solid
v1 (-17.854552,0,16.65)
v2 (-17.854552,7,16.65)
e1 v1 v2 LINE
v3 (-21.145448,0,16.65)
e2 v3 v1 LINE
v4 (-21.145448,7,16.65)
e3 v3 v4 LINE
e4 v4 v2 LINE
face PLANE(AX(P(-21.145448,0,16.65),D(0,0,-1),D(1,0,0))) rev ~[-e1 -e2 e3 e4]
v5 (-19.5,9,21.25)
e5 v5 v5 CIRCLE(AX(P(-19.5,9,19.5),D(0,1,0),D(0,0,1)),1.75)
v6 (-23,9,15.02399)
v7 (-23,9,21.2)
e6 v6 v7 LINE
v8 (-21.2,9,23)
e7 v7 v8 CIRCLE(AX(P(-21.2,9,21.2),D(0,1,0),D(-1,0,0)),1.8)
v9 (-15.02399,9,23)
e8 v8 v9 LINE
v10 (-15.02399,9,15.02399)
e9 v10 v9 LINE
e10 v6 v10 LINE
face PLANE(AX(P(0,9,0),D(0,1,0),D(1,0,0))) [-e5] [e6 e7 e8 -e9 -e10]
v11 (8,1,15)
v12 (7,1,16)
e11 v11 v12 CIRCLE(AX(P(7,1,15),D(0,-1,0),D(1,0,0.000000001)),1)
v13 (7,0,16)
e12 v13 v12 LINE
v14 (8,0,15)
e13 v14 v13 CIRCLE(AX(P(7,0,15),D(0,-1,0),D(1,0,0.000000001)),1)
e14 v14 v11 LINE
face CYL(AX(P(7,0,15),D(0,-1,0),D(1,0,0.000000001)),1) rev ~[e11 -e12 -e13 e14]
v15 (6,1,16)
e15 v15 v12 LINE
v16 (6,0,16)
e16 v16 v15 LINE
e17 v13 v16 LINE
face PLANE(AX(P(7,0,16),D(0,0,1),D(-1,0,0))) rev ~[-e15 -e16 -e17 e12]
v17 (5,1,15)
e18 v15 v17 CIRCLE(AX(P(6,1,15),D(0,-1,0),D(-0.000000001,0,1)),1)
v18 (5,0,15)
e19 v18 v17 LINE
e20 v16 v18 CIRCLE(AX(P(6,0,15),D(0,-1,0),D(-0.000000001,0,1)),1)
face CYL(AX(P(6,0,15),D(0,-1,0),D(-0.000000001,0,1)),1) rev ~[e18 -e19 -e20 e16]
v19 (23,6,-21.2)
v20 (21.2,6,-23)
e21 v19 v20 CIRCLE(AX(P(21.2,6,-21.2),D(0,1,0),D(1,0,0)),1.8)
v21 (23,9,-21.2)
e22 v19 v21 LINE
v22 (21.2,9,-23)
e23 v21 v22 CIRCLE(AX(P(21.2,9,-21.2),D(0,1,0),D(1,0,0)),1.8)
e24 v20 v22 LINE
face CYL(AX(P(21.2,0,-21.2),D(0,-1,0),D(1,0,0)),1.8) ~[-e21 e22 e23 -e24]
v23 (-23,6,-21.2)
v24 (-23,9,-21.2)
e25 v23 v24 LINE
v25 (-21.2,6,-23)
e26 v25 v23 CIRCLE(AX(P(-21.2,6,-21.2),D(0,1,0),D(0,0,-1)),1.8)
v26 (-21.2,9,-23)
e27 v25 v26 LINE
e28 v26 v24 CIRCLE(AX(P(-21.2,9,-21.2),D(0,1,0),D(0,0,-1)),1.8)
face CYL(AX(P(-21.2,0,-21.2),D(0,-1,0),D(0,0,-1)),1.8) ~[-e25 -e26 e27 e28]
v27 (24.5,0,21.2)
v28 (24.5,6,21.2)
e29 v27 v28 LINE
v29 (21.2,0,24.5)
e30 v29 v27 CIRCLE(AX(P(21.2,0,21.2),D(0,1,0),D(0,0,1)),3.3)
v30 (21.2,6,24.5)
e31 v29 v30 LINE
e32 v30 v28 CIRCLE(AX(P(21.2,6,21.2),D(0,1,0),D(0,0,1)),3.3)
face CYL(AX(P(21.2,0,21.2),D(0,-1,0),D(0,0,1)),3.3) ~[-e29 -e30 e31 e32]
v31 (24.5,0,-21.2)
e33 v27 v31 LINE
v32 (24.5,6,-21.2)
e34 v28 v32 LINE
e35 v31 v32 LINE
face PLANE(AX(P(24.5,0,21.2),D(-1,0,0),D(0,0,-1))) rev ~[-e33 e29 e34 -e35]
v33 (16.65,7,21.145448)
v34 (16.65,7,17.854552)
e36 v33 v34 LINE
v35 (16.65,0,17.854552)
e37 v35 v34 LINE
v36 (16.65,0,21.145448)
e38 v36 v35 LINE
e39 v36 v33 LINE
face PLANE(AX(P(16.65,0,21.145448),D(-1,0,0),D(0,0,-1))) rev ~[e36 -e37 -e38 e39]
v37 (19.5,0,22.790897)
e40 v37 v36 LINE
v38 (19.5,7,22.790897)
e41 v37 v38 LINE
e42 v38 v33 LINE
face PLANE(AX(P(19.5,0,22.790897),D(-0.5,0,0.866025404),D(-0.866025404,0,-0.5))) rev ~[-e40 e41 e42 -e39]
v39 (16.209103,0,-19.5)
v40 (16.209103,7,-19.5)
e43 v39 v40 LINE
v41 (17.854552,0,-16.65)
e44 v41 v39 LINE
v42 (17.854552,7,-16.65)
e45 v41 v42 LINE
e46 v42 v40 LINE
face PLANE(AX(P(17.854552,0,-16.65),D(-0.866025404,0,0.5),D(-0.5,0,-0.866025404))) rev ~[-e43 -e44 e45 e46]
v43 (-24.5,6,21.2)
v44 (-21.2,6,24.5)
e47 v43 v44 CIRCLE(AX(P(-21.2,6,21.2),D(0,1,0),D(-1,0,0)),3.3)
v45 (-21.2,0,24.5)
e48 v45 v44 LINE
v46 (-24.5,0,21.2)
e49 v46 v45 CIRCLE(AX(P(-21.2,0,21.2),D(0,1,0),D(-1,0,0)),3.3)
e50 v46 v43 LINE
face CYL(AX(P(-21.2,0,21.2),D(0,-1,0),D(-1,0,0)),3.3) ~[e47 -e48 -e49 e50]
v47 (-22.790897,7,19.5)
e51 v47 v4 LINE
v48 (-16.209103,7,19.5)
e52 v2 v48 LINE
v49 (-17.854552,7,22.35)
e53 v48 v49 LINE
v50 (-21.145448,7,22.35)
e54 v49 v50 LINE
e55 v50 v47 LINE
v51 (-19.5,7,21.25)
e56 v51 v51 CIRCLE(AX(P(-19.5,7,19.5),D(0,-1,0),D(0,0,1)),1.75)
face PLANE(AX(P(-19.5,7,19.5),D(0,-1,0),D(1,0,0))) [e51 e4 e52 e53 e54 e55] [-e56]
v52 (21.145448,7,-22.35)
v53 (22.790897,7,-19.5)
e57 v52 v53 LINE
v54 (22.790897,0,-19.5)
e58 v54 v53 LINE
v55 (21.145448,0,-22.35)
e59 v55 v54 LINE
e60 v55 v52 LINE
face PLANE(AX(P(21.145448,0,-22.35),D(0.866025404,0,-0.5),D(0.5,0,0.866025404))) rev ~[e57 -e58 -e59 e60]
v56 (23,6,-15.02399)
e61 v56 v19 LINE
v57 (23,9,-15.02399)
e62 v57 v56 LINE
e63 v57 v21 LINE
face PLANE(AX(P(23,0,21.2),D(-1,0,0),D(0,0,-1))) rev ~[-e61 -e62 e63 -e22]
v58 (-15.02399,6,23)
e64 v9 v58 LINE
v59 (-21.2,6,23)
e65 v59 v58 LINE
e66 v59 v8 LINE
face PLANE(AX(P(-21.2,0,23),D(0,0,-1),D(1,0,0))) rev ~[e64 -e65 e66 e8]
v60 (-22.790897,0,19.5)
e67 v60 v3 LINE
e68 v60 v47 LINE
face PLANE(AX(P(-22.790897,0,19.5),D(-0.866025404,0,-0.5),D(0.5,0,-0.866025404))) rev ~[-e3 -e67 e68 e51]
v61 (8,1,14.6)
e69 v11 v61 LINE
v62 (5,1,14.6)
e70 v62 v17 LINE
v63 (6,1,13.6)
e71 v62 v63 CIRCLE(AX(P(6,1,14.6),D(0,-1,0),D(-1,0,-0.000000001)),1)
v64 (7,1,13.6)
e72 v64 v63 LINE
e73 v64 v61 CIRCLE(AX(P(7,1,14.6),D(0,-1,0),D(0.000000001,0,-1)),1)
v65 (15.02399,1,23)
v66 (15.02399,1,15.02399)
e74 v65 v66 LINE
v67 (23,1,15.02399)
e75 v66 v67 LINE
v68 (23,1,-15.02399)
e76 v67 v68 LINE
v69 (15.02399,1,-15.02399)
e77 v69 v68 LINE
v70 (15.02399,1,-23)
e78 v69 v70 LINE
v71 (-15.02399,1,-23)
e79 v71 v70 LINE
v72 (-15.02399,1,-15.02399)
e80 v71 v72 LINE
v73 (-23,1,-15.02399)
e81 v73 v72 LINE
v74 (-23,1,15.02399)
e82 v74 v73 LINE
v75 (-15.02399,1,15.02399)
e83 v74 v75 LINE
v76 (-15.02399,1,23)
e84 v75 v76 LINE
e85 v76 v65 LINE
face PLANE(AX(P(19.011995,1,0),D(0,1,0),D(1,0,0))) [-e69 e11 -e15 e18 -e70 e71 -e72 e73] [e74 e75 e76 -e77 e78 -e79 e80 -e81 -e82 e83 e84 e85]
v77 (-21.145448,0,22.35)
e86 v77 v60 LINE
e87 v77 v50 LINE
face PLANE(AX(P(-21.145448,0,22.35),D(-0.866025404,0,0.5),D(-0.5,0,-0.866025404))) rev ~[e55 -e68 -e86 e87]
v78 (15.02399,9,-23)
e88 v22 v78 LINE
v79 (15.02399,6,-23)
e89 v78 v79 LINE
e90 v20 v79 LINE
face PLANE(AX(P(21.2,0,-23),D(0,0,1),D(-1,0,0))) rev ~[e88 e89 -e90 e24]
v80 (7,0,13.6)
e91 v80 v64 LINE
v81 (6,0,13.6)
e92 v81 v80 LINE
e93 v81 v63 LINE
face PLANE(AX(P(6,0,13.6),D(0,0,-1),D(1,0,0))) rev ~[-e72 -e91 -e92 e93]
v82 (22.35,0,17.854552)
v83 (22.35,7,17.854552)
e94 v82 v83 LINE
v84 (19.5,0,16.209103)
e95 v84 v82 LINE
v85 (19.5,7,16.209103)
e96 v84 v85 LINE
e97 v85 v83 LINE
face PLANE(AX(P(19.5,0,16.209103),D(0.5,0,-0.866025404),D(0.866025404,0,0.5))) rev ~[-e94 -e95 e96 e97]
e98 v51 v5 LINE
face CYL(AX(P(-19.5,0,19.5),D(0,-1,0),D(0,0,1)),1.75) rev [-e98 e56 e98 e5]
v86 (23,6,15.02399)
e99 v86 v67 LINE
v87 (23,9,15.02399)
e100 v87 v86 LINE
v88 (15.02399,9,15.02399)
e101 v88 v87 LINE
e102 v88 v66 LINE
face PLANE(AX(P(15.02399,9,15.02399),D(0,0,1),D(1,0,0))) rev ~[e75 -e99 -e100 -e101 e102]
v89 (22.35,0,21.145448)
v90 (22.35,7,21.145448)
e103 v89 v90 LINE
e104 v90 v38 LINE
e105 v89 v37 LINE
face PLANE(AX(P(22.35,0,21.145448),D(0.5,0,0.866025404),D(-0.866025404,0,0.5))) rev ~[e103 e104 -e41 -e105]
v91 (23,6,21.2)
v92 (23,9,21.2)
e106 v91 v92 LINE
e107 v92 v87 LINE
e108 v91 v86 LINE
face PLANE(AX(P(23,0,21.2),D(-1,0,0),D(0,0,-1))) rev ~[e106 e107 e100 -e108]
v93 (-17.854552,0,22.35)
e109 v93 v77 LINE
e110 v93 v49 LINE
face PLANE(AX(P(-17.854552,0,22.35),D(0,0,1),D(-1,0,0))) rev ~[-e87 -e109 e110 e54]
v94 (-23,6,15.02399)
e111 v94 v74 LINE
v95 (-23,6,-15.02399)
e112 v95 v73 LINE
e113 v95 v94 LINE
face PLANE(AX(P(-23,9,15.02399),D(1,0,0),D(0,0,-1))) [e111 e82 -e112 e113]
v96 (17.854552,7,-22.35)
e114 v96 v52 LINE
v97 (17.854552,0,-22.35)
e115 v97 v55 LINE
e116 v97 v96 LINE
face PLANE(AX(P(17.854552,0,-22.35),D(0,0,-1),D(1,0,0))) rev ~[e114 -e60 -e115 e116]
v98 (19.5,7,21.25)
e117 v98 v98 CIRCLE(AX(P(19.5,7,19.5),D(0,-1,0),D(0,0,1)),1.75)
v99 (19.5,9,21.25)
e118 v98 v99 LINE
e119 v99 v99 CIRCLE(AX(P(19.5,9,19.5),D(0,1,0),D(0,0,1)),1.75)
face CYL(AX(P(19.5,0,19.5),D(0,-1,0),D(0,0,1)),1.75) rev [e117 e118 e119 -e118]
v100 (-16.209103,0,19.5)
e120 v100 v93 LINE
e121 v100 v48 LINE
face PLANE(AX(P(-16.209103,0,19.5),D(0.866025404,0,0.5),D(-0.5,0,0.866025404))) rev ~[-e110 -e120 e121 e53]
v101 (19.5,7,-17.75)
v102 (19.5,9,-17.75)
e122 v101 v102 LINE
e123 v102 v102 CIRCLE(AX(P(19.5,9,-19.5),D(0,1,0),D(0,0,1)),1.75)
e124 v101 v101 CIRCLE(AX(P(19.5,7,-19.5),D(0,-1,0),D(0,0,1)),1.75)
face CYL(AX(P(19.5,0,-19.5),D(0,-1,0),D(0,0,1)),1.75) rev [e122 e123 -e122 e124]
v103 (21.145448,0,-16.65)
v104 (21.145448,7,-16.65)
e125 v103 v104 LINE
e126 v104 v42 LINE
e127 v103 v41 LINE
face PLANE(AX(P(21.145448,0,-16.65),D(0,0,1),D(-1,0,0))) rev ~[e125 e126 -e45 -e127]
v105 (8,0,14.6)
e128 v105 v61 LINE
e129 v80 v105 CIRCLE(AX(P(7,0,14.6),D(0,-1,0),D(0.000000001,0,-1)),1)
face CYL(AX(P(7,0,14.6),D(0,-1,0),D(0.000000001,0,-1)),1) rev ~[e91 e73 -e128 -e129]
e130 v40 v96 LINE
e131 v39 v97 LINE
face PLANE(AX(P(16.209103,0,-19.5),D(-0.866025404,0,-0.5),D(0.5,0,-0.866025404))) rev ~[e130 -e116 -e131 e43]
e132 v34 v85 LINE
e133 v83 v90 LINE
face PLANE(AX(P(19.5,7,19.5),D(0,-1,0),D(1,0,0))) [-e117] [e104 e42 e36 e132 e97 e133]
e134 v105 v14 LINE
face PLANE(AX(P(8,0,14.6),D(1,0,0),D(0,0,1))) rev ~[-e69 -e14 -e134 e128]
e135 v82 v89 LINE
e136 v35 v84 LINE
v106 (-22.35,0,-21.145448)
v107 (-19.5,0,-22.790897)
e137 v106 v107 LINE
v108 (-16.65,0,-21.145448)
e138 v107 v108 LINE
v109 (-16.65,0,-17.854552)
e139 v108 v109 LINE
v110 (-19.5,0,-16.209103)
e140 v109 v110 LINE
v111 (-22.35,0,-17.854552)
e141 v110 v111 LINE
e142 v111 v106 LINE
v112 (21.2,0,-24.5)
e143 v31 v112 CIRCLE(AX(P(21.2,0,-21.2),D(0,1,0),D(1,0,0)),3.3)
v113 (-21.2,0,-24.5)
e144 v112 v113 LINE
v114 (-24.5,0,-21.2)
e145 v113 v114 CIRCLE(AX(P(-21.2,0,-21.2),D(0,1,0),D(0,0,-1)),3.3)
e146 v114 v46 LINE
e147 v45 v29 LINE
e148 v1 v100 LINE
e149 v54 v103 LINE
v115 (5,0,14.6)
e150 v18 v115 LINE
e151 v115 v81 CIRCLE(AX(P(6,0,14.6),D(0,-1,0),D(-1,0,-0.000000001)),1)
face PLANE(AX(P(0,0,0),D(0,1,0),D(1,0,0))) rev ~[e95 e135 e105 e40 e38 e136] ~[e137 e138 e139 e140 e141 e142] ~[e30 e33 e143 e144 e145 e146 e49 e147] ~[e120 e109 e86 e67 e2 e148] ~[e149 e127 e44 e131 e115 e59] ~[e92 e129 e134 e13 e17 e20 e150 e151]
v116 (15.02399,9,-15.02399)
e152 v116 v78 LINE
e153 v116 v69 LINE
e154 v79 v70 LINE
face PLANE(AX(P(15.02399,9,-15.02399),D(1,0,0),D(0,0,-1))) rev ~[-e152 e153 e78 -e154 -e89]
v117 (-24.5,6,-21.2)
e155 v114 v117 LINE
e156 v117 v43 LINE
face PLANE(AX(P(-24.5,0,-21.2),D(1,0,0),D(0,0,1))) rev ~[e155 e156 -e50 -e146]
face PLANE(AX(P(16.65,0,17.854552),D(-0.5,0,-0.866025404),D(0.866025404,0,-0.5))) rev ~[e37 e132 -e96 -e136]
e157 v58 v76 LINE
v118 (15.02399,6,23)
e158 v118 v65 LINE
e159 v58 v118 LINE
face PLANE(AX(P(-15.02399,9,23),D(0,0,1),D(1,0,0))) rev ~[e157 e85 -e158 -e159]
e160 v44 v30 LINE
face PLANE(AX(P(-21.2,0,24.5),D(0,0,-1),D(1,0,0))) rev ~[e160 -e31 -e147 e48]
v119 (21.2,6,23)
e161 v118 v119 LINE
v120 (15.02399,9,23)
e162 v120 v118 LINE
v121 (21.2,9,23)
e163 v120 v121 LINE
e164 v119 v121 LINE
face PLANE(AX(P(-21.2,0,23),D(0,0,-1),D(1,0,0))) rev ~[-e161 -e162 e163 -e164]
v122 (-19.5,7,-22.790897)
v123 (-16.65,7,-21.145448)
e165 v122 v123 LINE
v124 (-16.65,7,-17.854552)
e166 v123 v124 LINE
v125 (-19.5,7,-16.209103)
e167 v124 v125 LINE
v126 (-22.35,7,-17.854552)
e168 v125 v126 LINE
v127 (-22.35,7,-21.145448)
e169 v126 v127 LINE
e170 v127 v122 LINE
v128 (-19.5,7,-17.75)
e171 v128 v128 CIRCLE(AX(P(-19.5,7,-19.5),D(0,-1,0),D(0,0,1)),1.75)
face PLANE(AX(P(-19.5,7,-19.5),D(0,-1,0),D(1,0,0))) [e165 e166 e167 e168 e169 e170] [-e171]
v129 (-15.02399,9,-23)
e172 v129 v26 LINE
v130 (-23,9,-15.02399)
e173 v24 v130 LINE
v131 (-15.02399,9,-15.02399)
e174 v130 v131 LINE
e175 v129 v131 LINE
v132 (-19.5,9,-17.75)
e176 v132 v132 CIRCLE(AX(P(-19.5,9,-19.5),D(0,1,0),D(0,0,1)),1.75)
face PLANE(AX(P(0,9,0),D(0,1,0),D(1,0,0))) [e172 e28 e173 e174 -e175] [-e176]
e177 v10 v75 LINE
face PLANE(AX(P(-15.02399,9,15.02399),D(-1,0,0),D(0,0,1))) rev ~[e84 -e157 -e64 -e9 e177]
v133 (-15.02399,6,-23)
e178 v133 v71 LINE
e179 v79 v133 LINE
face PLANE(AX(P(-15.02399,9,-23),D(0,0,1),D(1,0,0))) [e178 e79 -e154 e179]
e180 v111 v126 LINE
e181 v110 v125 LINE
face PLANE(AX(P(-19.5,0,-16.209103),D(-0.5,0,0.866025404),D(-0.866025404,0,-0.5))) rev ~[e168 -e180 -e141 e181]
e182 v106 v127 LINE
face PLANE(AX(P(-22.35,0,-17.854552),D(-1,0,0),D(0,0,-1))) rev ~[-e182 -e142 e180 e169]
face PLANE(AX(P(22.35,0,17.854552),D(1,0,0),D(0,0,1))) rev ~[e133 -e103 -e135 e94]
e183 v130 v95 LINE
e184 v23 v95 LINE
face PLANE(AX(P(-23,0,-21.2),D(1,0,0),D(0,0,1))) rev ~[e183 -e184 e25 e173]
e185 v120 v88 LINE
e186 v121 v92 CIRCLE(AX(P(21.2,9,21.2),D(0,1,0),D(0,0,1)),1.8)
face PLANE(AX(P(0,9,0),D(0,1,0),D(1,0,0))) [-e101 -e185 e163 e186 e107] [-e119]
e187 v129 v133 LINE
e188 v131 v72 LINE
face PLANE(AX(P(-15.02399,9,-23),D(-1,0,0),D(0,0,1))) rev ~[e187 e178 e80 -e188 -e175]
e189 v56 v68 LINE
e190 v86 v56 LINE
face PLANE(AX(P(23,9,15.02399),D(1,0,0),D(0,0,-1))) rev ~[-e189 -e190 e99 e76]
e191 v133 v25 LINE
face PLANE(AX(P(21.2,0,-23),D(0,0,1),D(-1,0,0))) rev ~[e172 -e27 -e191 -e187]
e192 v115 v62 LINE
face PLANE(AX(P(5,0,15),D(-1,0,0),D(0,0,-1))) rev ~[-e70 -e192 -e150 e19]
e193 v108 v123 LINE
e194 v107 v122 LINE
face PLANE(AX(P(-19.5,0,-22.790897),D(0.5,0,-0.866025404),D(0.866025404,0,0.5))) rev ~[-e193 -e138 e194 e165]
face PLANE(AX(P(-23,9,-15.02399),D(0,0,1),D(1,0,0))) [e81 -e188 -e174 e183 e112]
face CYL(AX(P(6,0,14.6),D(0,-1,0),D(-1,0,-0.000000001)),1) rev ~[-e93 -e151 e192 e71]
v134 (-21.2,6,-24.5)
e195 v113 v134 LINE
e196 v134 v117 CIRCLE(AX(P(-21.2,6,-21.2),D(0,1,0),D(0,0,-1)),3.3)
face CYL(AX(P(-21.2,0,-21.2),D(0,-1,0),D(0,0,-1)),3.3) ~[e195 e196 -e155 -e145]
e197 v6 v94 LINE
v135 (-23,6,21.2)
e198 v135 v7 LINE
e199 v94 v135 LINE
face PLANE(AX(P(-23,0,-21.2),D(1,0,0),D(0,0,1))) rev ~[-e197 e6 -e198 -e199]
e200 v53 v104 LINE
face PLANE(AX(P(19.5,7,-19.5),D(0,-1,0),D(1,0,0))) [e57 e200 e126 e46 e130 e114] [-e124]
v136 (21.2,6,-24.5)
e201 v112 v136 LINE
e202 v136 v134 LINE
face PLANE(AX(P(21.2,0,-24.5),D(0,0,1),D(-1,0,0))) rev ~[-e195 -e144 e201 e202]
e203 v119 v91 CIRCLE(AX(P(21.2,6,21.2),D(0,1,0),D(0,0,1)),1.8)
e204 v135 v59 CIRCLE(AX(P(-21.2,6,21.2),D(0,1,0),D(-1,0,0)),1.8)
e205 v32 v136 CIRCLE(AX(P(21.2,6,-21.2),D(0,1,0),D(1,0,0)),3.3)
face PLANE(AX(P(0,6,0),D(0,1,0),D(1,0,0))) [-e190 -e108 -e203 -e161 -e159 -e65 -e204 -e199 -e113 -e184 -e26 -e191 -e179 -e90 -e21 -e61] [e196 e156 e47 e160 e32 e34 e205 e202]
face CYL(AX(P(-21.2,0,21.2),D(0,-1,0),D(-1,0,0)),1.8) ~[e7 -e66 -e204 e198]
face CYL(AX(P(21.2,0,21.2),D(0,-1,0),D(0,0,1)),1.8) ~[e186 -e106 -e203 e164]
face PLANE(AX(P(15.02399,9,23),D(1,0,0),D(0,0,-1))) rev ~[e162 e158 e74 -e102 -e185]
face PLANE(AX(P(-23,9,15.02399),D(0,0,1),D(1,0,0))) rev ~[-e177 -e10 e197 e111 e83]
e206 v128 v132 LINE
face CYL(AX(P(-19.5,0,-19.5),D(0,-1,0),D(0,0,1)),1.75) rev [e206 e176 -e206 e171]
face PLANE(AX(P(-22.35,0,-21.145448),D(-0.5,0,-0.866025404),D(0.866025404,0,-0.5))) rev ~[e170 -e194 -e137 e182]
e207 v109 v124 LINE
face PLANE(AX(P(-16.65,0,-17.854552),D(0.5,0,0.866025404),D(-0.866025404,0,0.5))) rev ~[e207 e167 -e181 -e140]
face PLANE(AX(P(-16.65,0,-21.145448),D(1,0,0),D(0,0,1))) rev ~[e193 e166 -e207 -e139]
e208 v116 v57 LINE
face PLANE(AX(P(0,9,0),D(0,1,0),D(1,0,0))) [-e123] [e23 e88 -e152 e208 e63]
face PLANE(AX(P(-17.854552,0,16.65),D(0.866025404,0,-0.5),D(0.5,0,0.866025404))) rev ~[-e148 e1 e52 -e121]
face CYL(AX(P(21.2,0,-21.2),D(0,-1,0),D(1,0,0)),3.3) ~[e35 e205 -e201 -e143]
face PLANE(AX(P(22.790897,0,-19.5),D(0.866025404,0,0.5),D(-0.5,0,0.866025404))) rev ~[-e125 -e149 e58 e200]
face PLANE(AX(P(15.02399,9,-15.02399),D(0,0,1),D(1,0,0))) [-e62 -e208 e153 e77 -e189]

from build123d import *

# Parameters (mm, degrees)
EXTRUDE_1_DEPTH     = 6
SKETCH_1_3_R        = 1.75
EXTRUDE_1_2_DEPTH   = 9
CUT_EXTRUDE_1_DEPTH = 7
SKETCH_3_W          = 7.976009827
SKETCH_3_H          = 30.047980346
SKETCH_3_W_2        = 30.047980346
SKETCH_3_H_2        = 7.976009827
CUT_EXTRUDE_2_DEPTH = 8
CUT_EXTRUDE_3_DEPTH = 5


with BuildPart() as part:
    # 草图1 → Extrude 1 (new body)
    with BuildSketch(Plane(origin=(0, 0, 0), x_dir=(1, 0, 0), z_dir=(0, 1, 0))):
        with BuildLine():
            Line((-24.5, 21.2), (-24.5, -21.2))
            ThreePointArc((-24.5, -21.2), (-23.533452378, -23.533452378), (-21.2, -24.5))
            Line((-21.2, -24.5), (21.2, -24.5))
            ThreePointArc((21.2, -24.5), (23.533452378, -23.533452378), (24.5, -21.2))
            Line((24.5, -21.2), (24.5, 21.2))
            ThreePointArc((24.5, 21.2), (23.533452378, 23.533452378), (21.2, 24.5))
            Line((21.2, 24.5), (-21.2, 24.5))
            ThreePointArc((-21.2, 24.5), (-23.533452378, 23.533452378), (-24.5, 21.2))
        make_face()
        with BuildLine():
            Line((-23, 21.2), (-23, -21.2))
            ThreePointArc((-23, -21.2), (-22.472792206, -22.472792206), (-21.2, -23))
            Line((-21.2, -23), (21.2, -23))
            ThreePointArc((21.2, -23), (22.472792206, -22.472792206), (23, -21.2))
            Line((23, -21.2), (23, 21.2))
            ThreePointArc((23, 21.2), (22.472792206, 22.472792206), (21.2, 23))
            Line((21.2, 23), (-21.2, 23))
            ThreePointArc((-21.2, 23), (-22.472792206, 22.472792206), (-23, 21.2))
        make_face(mode=Mode.SUBTRACT)
    extrude(amount=EXTRUDE_1_DEPTH)

    # 草图1<3> → Extrude 1 2 (add)
    with BuildSketch(Plane(origin=(0, 0, 0), x_dir=(1, 0, 0), z_dir=(0, 1, 0))):
        with BuildLine():
            Line((-21.2, -23), (21.2, -23))
            ThreePointArc((21.2, -23), (22.472792206, -22.472792206), (23, -21.2))
            Line((23, -21.2), (23, 21.2))
            ThreePointArc((23, 21.2), (22.472792206, 22.472792206), (21.2, 23))
            Line((21.2, 23), (-21.2, 23))
            ThreePointArc((-21.2, 23), (-22.472792206, 22.472792206), (-23, 21.2))
            Line((-23, 21.2), (-23, -21.2))
            ThreePointArc((-23, -21.2), (-22.472792206, -22.472792206), (-21.2, -23))
        make_face()
        with Locations(Location((-19.5, 19.5, 0), (0, 0, 270))):
            Circle(SKETCH_1_3_R, mode=Mode.SUBTRACT)
        with Locations(Location((19.5, 19.5, 0), (0, 0, 270))):
            Circle(SKETCH_1_3_R, mode=Mode.SUBTRACT)
        with Locations(Location((19.5, -19.5, 0), (0, 0, 270))):
            Circle(SKETCH_1_3_R, mode=Mode.SUBTRACT)
        with Locations(Location((-19.5, -19.5, 0), (0, 0, 270))):
            Circle(SKETCH_1_3_R, mode=Mode.SUBTRACT)
    extrude(amount=EXTRUDE_1_2_DEPTH)

    # 草图2 → 切除-拉伸1 (cut)
    with BuildSketch(Plane.XZ):
        Polygon((22.35, 17.854551733), (22.35, 21.145448267), (19.5, 22.790896534), (16.65, 21.145448267), (16.65, 17.854551733), (19.5, 16.209103466), align=None)
        Polygon((-17.854551733, 22.35), (-21.145448267, 22.35), (-22.790896534, 19.5), (-21.145448267, 16.65), (-17.854551733, 16.65), (-16.209103466, 19.5), align=None)
        Polygon((17.854551733, -22.35), (21.145448267, -22.35), (22.790896534, -19.5), (21.145448267, -16.65), (17.854551733, -16.65), (16.209103466, -19.5), align=None)
        Polygon((-22.35, -17.854551733), (-22.35, -21.145448267), (-19.5, -22.790896534), (-16.65, -21.145448267), (-16.65, -17.854551733), (-19.5, -16.209103466), align=None)
    extrude(amount=-CUT_EXTRUDE_1_DEPTH, mode=Mode.SUBTRACT)

    # 草图3 → 切除-拉伸2 (cut)
    with BuildSketch(Plane(origin=(0, 9, 0), x_dir=(1, 0, 0), z_dir=(0, 1, 0))):
        with Locations((19.011995087, 0)):
            Rectangle(SKETCH_3_W, SKETCH_3_H)
        with Locations((0, 19.011995087)):
            Rectangle(SKETCH_3_W_2, SKETCH_3_H_2)
        Rectangle(SKETCH_3_W_2, SKETCH_3_H)
        with Locations((0, -19.011995087)):
            Rectangle(SKETCH_3_W_2, SKETCH_3_H_2)
        with Locations((-19.011995087, 0)):
            Rectangle(SKETCH_3_W, SKETCH_3_H)
    extrude(amount=-CUT_EXTRUDE_2_DEPTH, mode=Mode.SUBTRACT)

    # 草图5 → 切除-拉伸3 (cut)
    with BuildSketch(Plane(origin=(0, 0, 0), x_dir=(-1, 0, 0), z_dir=(0, -1, 0))):
        with BuildLine():
            Line((-6, -13.6), (-7, -13.6))
            ThreePointArc((-7, -13.6), (-7.707106781, -13.892893219), (-8, -14.6))
            Line((-8, -14.6), (-8, -15))
            ThreePointArc((-8, -15), (-7.707106781, -15.707106781), (-7, -16))
            Line((-7, -16), (-6, -16))
            ThreePointArc((-6, -16), (-5.292893219, -15.707106781), (-5, -15))
            Line((-5, -15), (-5, -14.6))
            ThreePointArc((-5, -14.6), (-5.292893219, -13.892893219), (-6, -13.6))
        make_face()
    extrude(amount=-CUT_EXTRUDE_3_DEPTH, mode=Mode.SUBTRACT)


solid = part.part
